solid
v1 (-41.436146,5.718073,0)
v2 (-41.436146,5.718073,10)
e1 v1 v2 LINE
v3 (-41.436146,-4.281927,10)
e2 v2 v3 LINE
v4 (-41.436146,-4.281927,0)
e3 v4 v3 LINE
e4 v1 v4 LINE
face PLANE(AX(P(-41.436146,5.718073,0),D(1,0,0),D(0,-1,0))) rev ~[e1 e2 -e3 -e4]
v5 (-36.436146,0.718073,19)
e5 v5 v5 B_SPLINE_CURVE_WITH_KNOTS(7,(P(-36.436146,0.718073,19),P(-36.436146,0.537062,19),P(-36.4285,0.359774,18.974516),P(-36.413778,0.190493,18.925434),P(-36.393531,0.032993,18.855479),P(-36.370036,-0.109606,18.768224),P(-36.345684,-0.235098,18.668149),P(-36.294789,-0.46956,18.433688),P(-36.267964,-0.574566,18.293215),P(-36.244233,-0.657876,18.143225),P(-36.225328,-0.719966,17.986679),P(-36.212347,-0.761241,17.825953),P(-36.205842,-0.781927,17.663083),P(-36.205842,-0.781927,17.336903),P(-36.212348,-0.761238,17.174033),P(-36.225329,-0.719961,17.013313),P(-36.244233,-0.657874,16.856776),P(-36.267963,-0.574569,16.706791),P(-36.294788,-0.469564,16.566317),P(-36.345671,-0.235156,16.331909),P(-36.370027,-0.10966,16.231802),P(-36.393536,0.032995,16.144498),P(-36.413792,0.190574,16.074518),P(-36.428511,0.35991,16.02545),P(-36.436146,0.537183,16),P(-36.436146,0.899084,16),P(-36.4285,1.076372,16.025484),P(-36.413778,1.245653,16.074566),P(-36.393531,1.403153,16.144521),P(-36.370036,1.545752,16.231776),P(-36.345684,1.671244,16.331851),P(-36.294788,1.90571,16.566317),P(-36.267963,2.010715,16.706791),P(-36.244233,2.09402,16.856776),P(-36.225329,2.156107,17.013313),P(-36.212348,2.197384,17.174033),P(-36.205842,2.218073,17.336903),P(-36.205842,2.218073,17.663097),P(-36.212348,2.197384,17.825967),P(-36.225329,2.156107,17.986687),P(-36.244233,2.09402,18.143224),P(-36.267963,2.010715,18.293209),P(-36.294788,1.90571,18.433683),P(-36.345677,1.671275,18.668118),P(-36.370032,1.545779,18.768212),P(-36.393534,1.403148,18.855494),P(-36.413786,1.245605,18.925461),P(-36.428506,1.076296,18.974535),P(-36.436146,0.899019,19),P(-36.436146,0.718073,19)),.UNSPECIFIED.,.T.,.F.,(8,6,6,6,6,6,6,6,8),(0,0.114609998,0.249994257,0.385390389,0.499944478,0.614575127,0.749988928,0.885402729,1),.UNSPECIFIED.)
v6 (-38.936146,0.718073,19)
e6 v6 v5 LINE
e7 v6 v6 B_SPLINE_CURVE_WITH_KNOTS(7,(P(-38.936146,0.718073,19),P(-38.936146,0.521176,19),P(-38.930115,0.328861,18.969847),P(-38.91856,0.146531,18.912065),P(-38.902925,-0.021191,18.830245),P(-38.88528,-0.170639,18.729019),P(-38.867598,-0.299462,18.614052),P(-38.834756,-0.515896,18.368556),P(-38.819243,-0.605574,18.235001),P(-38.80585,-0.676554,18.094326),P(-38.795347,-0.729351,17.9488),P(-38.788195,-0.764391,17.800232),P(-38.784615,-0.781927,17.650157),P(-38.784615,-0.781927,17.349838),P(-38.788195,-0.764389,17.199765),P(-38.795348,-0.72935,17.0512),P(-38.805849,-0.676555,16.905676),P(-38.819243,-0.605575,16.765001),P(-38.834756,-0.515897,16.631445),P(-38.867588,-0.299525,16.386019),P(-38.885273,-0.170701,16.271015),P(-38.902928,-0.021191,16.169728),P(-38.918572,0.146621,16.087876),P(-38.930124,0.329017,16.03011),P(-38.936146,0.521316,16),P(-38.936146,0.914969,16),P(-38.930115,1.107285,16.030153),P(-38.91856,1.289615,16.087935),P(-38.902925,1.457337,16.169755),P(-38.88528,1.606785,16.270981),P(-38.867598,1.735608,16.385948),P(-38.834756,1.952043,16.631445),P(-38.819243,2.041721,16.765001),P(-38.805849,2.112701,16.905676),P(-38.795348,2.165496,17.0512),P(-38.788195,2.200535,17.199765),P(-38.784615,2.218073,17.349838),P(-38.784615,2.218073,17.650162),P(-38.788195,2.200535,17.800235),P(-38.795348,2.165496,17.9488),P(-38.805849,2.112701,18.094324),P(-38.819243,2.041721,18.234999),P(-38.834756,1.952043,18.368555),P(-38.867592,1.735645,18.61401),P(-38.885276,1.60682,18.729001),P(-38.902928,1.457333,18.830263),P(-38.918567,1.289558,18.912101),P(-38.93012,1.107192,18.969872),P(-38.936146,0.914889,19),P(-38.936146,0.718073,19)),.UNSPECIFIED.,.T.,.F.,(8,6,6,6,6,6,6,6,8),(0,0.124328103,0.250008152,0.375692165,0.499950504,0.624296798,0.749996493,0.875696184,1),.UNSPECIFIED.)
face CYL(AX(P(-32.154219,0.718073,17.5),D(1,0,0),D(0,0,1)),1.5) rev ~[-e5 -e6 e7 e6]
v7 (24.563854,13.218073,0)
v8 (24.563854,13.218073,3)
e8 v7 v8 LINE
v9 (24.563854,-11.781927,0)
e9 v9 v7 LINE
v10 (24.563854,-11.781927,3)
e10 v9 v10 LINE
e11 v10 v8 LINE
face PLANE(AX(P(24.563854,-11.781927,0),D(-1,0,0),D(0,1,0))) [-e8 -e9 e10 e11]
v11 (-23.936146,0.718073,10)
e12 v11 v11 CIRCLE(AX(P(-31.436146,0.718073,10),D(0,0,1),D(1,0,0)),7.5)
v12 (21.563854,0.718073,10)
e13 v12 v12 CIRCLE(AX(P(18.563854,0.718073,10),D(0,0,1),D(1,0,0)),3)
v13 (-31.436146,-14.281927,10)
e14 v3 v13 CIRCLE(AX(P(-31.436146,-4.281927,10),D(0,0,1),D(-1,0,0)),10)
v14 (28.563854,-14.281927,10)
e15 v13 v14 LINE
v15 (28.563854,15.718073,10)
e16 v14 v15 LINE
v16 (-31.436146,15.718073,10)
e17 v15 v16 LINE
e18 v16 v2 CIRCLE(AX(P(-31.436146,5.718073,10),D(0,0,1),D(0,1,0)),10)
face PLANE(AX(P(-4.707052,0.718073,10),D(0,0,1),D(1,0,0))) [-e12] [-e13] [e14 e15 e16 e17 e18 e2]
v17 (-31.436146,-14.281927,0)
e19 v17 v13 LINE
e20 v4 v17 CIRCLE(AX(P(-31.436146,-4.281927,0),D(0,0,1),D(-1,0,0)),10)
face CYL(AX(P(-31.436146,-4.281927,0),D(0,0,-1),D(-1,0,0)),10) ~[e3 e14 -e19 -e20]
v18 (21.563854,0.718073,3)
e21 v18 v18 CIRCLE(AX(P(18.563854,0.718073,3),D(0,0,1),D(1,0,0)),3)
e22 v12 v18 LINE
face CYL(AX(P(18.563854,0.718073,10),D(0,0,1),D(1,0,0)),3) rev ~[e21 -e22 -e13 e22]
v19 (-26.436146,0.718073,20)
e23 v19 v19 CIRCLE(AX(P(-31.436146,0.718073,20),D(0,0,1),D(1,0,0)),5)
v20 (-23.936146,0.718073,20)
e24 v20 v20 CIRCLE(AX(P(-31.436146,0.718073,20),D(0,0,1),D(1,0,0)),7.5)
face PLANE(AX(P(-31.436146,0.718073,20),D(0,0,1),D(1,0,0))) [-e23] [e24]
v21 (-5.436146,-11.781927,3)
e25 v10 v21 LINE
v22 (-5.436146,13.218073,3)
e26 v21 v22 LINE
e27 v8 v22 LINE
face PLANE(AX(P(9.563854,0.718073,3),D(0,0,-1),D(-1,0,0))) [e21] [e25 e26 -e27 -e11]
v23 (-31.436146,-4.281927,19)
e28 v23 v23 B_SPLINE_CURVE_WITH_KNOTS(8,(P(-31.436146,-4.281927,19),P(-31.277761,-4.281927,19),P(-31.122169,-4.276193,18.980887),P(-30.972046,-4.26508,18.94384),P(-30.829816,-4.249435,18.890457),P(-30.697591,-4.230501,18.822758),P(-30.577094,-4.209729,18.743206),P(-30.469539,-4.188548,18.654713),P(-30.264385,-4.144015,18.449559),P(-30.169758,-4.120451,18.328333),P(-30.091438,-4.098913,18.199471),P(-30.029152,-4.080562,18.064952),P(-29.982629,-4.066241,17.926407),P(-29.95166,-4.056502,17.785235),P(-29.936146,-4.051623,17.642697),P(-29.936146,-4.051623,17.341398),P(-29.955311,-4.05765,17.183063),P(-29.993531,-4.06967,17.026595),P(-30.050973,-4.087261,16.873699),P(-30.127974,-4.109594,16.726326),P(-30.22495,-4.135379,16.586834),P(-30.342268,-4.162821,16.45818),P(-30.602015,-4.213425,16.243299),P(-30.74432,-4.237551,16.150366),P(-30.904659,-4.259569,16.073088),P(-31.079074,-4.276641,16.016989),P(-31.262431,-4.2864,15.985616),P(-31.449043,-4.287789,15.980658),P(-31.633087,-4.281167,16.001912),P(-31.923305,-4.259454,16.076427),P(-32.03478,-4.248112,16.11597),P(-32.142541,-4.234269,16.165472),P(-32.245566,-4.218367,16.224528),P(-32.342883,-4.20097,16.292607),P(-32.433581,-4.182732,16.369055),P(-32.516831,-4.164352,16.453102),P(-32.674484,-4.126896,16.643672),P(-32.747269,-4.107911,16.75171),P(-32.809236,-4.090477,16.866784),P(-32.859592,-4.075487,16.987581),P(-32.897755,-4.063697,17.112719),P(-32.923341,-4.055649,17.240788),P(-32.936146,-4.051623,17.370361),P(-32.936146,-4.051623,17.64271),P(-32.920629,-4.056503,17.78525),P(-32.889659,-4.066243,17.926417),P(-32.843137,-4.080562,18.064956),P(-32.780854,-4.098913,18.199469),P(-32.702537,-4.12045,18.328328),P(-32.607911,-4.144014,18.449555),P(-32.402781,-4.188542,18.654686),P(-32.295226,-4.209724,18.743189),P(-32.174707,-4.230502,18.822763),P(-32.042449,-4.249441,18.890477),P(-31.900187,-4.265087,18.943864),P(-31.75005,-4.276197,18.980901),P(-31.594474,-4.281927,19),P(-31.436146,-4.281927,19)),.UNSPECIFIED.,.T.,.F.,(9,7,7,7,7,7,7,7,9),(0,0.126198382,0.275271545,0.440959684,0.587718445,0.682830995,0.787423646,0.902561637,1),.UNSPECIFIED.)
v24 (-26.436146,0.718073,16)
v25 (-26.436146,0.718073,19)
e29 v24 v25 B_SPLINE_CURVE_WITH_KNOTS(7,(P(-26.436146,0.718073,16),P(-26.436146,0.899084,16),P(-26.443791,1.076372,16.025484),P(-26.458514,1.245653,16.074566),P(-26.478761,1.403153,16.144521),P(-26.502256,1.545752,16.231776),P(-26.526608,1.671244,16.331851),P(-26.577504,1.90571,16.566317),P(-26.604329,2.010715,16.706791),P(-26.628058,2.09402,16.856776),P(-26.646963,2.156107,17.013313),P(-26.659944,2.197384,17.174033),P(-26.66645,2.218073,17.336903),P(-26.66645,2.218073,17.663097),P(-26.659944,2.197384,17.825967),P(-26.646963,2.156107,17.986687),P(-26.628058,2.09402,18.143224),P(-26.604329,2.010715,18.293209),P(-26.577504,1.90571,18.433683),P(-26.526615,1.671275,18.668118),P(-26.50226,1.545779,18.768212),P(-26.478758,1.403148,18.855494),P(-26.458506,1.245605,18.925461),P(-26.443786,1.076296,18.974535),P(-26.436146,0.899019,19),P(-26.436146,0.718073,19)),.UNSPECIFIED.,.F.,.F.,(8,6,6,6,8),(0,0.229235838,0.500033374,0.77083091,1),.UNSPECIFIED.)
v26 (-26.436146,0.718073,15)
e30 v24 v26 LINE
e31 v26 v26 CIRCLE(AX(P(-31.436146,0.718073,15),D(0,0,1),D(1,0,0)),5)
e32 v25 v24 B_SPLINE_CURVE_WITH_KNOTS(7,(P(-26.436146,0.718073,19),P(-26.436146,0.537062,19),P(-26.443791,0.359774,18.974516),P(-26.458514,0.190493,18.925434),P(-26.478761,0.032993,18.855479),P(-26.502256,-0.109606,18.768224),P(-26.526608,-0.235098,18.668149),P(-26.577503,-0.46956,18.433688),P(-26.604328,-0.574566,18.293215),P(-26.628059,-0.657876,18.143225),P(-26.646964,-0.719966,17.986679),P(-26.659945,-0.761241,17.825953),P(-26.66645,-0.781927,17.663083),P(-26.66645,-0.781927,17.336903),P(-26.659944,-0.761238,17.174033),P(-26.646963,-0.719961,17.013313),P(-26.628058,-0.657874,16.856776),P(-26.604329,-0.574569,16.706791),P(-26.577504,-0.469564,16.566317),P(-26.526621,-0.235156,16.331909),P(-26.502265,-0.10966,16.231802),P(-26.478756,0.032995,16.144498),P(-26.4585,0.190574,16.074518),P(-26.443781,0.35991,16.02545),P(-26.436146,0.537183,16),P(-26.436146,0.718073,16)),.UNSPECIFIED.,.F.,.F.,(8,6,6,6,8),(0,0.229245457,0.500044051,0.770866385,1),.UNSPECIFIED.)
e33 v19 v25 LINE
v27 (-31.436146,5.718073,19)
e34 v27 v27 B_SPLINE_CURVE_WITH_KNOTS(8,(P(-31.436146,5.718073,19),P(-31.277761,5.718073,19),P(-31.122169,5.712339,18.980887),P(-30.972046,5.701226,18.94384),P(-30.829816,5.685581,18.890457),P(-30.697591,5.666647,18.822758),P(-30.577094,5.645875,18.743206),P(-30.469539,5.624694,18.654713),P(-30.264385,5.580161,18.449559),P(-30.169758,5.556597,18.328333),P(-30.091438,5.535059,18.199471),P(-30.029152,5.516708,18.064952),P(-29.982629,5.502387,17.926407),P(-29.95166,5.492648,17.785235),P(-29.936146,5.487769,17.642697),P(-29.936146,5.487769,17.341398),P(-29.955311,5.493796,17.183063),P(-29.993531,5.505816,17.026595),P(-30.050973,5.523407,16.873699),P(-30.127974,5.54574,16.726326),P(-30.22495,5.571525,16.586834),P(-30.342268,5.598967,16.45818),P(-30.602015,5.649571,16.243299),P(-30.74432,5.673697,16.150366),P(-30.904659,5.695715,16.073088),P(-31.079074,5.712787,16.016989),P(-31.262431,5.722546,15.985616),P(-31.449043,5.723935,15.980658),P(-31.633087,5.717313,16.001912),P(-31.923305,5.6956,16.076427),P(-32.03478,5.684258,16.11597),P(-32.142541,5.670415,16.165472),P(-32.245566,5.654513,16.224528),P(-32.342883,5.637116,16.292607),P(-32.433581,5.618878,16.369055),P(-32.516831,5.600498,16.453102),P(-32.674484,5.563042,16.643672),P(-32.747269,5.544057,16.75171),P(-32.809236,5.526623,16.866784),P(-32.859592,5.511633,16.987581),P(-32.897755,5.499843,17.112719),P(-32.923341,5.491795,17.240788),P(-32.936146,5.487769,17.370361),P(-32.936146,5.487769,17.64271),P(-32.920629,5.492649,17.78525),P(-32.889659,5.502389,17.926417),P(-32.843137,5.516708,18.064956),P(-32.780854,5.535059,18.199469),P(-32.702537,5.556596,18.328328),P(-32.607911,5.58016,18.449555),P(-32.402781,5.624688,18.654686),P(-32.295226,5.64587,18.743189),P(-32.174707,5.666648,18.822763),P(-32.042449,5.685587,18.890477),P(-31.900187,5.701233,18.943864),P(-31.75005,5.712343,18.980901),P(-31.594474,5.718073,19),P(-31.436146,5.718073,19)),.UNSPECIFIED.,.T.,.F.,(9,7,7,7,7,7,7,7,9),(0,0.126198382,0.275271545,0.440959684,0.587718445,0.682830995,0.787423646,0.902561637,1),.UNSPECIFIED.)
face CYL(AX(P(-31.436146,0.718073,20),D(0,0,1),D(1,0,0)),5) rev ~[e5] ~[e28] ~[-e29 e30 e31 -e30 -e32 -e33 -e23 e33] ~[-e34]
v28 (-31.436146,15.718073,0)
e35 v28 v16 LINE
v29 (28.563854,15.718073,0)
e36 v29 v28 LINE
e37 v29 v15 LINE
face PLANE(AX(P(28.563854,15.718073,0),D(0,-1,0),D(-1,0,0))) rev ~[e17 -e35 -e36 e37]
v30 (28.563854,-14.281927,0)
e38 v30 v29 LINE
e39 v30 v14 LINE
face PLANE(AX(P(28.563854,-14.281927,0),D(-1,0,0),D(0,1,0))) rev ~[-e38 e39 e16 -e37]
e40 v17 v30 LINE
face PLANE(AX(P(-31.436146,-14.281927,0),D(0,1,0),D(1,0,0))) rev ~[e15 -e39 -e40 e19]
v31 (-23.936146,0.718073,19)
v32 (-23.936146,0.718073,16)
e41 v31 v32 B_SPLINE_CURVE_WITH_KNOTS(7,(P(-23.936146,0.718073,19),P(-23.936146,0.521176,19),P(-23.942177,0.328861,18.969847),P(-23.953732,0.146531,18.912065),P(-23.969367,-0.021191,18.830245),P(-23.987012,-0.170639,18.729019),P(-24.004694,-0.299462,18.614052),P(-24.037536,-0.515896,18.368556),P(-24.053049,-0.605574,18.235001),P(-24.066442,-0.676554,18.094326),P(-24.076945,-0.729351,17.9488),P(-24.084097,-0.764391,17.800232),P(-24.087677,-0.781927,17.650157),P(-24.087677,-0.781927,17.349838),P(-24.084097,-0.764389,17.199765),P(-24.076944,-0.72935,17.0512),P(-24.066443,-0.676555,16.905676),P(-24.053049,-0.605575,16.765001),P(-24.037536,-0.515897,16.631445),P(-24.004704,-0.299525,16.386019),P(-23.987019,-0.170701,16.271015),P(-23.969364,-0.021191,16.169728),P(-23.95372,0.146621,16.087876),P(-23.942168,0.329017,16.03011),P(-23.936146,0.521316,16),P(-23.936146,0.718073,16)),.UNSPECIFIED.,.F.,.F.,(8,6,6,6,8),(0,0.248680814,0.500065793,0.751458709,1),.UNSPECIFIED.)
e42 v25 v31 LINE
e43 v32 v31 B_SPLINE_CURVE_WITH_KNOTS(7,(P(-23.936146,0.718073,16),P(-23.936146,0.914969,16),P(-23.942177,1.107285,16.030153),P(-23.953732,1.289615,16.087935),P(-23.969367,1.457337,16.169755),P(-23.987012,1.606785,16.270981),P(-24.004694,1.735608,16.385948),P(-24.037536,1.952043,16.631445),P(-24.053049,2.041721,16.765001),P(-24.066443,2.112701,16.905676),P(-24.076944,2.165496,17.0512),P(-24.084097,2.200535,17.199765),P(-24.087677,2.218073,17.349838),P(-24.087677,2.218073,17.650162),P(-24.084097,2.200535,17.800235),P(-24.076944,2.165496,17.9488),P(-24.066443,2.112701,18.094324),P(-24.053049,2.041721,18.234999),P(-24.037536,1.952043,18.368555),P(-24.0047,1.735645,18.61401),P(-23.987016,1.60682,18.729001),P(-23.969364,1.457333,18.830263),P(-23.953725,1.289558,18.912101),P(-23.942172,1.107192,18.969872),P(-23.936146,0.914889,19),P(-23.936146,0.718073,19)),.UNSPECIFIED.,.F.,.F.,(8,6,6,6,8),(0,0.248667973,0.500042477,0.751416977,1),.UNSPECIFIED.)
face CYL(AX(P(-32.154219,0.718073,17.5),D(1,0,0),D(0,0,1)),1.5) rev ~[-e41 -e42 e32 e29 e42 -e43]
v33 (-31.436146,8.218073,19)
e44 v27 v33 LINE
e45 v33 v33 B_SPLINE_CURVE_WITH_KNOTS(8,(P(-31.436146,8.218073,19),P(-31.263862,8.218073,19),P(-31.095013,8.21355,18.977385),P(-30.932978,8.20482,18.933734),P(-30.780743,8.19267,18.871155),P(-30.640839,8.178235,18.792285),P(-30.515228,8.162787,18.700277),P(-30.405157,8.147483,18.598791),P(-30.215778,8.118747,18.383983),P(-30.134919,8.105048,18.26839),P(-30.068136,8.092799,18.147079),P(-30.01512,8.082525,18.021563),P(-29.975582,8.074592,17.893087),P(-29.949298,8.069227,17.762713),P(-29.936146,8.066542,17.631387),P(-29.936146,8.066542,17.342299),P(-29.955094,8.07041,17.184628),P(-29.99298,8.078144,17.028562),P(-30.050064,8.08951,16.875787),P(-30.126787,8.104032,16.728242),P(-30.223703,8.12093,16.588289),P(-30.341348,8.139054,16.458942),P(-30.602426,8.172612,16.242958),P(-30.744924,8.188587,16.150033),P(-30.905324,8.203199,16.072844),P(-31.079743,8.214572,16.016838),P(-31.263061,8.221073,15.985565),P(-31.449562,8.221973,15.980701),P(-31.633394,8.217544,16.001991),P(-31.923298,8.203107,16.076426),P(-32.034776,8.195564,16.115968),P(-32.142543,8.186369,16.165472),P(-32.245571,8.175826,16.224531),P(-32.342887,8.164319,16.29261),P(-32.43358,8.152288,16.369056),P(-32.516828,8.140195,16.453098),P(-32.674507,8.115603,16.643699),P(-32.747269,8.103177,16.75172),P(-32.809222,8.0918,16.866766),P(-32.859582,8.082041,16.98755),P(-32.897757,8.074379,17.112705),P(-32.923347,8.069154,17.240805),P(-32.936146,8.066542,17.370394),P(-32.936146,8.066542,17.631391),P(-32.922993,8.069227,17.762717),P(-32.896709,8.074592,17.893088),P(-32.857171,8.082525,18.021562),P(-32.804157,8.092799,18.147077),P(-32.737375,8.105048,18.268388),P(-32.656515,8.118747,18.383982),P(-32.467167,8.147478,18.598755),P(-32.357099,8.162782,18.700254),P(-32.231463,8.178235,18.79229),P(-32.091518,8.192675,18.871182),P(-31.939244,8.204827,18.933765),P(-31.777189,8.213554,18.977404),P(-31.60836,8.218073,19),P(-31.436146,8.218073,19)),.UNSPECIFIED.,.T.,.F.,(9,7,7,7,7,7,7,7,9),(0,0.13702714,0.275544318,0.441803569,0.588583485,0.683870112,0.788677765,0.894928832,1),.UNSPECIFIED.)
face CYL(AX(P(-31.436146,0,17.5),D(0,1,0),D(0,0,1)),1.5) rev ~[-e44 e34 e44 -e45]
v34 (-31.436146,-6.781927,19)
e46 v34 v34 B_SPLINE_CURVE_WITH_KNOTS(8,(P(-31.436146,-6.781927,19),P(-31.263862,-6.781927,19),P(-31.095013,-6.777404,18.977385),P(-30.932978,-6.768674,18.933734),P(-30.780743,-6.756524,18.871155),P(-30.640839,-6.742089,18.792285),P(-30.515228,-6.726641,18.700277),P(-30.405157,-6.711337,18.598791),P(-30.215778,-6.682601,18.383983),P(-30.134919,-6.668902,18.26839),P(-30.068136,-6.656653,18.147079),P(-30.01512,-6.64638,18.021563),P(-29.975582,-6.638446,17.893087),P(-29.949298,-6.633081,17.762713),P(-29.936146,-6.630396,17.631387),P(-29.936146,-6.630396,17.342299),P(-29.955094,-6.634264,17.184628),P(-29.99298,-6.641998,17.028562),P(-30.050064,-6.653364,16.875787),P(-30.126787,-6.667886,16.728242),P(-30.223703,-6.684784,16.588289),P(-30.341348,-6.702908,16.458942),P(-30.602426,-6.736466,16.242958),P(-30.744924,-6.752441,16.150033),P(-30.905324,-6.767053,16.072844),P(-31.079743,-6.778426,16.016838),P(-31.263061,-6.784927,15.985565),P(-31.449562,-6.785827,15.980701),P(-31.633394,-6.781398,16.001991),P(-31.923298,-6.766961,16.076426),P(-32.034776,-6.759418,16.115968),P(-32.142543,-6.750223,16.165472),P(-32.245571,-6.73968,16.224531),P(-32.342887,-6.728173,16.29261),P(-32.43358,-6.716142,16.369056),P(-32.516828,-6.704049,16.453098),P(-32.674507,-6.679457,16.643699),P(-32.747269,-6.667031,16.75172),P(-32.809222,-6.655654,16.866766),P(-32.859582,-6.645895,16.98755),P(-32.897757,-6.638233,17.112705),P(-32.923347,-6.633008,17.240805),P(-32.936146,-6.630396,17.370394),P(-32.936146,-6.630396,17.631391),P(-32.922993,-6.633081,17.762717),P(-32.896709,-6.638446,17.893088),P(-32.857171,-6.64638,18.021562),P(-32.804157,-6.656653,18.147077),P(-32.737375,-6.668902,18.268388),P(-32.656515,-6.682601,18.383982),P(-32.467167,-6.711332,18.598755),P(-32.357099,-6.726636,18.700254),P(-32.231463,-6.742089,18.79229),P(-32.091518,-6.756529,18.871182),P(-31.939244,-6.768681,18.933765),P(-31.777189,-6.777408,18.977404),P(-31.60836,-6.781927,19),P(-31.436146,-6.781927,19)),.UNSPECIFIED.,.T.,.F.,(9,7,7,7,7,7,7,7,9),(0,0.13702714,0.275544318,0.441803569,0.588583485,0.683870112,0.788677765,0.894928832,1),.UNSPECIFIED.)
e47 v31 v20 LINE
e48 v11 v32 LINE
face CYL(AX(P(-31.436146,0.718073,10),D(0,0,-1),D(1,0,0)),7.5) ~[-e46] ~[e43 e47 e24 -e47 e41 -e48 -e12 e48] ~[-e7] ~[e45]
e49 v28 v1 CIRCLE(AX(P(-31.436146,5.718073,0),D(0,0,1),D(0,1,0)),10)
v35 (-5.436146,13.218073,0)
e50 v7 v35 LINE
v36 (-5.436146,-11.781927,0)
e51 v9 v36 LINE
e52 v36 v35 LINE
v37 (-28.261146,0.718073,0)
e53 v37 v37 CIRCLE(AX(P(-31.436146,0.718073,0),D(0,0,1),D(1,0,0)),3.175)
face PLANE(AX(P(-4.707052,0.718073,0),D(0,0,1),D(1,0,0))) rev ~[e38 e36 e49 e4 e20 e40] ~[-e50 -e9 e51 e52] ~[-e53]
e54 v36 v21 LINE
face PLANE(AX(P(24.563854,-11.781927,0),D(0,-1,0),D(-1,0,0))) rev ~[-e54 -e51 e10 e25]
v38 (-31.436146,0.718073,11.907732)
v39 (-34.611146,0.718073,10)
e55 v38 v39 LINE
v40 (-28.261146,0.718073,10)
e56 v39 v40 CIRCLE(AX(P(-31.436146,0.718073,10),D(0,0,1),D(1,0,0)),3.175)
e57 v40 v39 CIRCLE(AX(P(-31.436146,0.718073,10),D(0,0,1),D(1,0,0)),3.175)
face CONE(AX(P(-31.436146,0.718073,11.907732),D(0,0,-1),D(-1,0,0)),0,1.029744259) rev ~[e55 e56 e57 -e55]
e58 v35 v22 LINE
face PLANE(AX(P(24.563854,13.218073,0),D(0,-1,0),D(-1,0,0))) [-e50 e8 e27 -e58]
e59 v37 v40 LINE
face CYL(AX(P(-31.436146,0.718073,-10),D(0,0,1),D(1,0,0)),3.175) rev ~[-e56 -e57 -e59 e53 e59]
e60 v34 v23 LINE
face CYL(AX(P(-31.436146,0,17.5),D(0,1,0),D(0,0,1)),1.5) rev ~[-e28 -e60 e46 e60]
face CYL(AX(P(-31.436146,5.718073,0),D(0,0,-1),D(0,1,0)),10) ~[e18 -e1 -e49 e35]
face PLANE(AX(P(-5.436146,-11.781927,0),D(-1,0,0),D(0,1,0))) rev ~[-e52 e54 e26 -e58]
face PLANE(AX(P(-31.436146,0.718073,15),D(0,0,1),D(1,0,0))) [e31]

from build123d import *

# Parameters (mm, degrees)
BOSS_EXTRUDE1_DEPTH             = 10
SKETCH6_W                       = 30
SKETCH6_H                       = 25
CUT_EXTRUDE1_DEPTH              = 3
SKETCH8_R                       = 3
CUT_EXTRUDE2_DEPTH              = 10
SKETCH9_R                       = 7.5
BOSS_EXTRUDE2_DEPTH             = 10
SKETCH10_R                      = 5
CUT_EXTRUDE3_DEPTH              = 5
SKETCH11_R                      = 1.5
CUT_EXTRUDE4_DEPTH              = 49.621106648
CIRPATTERN1_COUNT               = 2
CIRPATTERN1_ANGLE               = 90
F_1_4_0_25_DIAMETER_HOLE1_D     = 6.35
F_1_4_0_25_DIAMETER_HOLE1_DEPTH = 10
F_1_4_0_25_DIAMETER_HOLE1_TIP   = 1.907732465


with BuildPart() as part:
    # Sketch1 → Boss-Extrude1 (new body)
    with BuildSketch(Plane.XY):
        with BuildLine():
            Line((-41.436145974, 5.718072987), (-41.436145974, -4.281927013))
            ThreePointArc((-41.436145974, -4.281927013), (-38.507213786, -11.352994825), (-31.436145974, -14.281927013))
            Line((-31.436145974, -14.281927013), (28.563854026, -14.281927013))
            Line((28.563854026, -14.281927013), (28.563854026, 15.718072987))
            Line((28.563854026, 15.718072987), (-31.436145974, 15.718072987))
            ThreePointArc((-31.436145974, 15.718072987), (-38.507213786, 12.789140799), (-41.436145974, 5.718072987))
        make_face()
    extrude(amount=BOSS_EXTRUDE1_DEPTH)

    # Sketch6 → Cut-Extrude1 (cut)
    with BuildSketch(Plane(origin=(0, 0, 0), x_dir=(-1, 0, 0), z_dir=(0, 0, -1))):
        with Locations((-9.563854026, 0.718072987)):
            Rectangle(SKETCH6_W, SKETCH6_H)
    extrude(amount=-CUT_EXTRUDE1_DEPTH, mode=Mode.SUBTRACT)

    # Sketch8 → Cut-Extrude2 (cut)
    with BuildSketch(Plane.XY.offset(10)):
        with Locations((18.563854026, 0.718072987)):
            Circle(SKETCH8_R)
    extrude(amount=-CUT_EXTRUDE2_DEPTH, mode=Mode.SUBTRACT)

    # Sketch9 → Boss-Extrude2 (add)
    with BuildSketch(Plane.XY.offset(10)):
        with Locations((-31.436145974, 0.718072987)):
            Circle(SKETCH9_R)
    extrude(amount=BOSS_EXTRUDE2_DEPTH)

    # Sketch10 → Cut-Extrude3 (cut)
    with BuildSketch(Plane.XY.offset(20)):
        with Locations((-31.436145974, 0.718072987)):
            Circle(SKETCH10_R)
    extrude(amount=-CUT_EXTRUDE3_DEPTH, mode=Mode.SUBTRACT)

    # Sketch11 → Cut-Extrude4 (cut, symmetric)
    with BuildSketch(Plane(origin=(0, 0, 0), x_dir=(1, 0, 0), z_dir=(0, 1, 0))):
        with Locations(Location((-31.436145974, -17.5, 0), (0, 0, 270))):
            Circle(SKETCH11_R)
    cut_extrude4 = extrude(amount=CUT_EXTRUDE4_DEPTH, both=True, mode=Mode.SUBTRACT)

    # CirPattern1: Cut-Extrude4 ×2 about axis
    cirpattern1_axis = Axis((-31.436145974, 0.718072987, 20), (0, 0, -1))
    for i in range(1, CIRPATTERN1_COUNT):
        add(cut_extrude4.rotate(cirpattern1_axis, i * CIRPATTERN1_ANGLE / (CIRPATTERN1_COUNT - 1)), mode=Mode.SUBTRACT)

    # 1/4 (0.25) Diameter Hole1
    with Locations(Plane(origin=(0, 0, 0), x_dir=(-1, 0, 0), z_dir=(0, 0, -1))):
        with Locations((31.436145974, 0.718072987)):
            Hole(F_1_4_0_25_DIAMETER_HOLE1_D / 2, depth=F_1_4_0_25_DIAMETER_HOLE1_DEPTH)
            with Locations((0, 0, -(F_1_4_0_25_DIAMETER_HOLE1_DEPTH + F_1_4_0_25_DIAMETER_HOLE1_TIP / 2))):  # 118° drill point
                Cone(0, F_1_4_0_25_DIAMETER_HOLE1_D / 2, F_1_4_0_25_DIAMETER_HOLE1_TIP, mode=Mode.SUBTRACT)


solid = part.part
